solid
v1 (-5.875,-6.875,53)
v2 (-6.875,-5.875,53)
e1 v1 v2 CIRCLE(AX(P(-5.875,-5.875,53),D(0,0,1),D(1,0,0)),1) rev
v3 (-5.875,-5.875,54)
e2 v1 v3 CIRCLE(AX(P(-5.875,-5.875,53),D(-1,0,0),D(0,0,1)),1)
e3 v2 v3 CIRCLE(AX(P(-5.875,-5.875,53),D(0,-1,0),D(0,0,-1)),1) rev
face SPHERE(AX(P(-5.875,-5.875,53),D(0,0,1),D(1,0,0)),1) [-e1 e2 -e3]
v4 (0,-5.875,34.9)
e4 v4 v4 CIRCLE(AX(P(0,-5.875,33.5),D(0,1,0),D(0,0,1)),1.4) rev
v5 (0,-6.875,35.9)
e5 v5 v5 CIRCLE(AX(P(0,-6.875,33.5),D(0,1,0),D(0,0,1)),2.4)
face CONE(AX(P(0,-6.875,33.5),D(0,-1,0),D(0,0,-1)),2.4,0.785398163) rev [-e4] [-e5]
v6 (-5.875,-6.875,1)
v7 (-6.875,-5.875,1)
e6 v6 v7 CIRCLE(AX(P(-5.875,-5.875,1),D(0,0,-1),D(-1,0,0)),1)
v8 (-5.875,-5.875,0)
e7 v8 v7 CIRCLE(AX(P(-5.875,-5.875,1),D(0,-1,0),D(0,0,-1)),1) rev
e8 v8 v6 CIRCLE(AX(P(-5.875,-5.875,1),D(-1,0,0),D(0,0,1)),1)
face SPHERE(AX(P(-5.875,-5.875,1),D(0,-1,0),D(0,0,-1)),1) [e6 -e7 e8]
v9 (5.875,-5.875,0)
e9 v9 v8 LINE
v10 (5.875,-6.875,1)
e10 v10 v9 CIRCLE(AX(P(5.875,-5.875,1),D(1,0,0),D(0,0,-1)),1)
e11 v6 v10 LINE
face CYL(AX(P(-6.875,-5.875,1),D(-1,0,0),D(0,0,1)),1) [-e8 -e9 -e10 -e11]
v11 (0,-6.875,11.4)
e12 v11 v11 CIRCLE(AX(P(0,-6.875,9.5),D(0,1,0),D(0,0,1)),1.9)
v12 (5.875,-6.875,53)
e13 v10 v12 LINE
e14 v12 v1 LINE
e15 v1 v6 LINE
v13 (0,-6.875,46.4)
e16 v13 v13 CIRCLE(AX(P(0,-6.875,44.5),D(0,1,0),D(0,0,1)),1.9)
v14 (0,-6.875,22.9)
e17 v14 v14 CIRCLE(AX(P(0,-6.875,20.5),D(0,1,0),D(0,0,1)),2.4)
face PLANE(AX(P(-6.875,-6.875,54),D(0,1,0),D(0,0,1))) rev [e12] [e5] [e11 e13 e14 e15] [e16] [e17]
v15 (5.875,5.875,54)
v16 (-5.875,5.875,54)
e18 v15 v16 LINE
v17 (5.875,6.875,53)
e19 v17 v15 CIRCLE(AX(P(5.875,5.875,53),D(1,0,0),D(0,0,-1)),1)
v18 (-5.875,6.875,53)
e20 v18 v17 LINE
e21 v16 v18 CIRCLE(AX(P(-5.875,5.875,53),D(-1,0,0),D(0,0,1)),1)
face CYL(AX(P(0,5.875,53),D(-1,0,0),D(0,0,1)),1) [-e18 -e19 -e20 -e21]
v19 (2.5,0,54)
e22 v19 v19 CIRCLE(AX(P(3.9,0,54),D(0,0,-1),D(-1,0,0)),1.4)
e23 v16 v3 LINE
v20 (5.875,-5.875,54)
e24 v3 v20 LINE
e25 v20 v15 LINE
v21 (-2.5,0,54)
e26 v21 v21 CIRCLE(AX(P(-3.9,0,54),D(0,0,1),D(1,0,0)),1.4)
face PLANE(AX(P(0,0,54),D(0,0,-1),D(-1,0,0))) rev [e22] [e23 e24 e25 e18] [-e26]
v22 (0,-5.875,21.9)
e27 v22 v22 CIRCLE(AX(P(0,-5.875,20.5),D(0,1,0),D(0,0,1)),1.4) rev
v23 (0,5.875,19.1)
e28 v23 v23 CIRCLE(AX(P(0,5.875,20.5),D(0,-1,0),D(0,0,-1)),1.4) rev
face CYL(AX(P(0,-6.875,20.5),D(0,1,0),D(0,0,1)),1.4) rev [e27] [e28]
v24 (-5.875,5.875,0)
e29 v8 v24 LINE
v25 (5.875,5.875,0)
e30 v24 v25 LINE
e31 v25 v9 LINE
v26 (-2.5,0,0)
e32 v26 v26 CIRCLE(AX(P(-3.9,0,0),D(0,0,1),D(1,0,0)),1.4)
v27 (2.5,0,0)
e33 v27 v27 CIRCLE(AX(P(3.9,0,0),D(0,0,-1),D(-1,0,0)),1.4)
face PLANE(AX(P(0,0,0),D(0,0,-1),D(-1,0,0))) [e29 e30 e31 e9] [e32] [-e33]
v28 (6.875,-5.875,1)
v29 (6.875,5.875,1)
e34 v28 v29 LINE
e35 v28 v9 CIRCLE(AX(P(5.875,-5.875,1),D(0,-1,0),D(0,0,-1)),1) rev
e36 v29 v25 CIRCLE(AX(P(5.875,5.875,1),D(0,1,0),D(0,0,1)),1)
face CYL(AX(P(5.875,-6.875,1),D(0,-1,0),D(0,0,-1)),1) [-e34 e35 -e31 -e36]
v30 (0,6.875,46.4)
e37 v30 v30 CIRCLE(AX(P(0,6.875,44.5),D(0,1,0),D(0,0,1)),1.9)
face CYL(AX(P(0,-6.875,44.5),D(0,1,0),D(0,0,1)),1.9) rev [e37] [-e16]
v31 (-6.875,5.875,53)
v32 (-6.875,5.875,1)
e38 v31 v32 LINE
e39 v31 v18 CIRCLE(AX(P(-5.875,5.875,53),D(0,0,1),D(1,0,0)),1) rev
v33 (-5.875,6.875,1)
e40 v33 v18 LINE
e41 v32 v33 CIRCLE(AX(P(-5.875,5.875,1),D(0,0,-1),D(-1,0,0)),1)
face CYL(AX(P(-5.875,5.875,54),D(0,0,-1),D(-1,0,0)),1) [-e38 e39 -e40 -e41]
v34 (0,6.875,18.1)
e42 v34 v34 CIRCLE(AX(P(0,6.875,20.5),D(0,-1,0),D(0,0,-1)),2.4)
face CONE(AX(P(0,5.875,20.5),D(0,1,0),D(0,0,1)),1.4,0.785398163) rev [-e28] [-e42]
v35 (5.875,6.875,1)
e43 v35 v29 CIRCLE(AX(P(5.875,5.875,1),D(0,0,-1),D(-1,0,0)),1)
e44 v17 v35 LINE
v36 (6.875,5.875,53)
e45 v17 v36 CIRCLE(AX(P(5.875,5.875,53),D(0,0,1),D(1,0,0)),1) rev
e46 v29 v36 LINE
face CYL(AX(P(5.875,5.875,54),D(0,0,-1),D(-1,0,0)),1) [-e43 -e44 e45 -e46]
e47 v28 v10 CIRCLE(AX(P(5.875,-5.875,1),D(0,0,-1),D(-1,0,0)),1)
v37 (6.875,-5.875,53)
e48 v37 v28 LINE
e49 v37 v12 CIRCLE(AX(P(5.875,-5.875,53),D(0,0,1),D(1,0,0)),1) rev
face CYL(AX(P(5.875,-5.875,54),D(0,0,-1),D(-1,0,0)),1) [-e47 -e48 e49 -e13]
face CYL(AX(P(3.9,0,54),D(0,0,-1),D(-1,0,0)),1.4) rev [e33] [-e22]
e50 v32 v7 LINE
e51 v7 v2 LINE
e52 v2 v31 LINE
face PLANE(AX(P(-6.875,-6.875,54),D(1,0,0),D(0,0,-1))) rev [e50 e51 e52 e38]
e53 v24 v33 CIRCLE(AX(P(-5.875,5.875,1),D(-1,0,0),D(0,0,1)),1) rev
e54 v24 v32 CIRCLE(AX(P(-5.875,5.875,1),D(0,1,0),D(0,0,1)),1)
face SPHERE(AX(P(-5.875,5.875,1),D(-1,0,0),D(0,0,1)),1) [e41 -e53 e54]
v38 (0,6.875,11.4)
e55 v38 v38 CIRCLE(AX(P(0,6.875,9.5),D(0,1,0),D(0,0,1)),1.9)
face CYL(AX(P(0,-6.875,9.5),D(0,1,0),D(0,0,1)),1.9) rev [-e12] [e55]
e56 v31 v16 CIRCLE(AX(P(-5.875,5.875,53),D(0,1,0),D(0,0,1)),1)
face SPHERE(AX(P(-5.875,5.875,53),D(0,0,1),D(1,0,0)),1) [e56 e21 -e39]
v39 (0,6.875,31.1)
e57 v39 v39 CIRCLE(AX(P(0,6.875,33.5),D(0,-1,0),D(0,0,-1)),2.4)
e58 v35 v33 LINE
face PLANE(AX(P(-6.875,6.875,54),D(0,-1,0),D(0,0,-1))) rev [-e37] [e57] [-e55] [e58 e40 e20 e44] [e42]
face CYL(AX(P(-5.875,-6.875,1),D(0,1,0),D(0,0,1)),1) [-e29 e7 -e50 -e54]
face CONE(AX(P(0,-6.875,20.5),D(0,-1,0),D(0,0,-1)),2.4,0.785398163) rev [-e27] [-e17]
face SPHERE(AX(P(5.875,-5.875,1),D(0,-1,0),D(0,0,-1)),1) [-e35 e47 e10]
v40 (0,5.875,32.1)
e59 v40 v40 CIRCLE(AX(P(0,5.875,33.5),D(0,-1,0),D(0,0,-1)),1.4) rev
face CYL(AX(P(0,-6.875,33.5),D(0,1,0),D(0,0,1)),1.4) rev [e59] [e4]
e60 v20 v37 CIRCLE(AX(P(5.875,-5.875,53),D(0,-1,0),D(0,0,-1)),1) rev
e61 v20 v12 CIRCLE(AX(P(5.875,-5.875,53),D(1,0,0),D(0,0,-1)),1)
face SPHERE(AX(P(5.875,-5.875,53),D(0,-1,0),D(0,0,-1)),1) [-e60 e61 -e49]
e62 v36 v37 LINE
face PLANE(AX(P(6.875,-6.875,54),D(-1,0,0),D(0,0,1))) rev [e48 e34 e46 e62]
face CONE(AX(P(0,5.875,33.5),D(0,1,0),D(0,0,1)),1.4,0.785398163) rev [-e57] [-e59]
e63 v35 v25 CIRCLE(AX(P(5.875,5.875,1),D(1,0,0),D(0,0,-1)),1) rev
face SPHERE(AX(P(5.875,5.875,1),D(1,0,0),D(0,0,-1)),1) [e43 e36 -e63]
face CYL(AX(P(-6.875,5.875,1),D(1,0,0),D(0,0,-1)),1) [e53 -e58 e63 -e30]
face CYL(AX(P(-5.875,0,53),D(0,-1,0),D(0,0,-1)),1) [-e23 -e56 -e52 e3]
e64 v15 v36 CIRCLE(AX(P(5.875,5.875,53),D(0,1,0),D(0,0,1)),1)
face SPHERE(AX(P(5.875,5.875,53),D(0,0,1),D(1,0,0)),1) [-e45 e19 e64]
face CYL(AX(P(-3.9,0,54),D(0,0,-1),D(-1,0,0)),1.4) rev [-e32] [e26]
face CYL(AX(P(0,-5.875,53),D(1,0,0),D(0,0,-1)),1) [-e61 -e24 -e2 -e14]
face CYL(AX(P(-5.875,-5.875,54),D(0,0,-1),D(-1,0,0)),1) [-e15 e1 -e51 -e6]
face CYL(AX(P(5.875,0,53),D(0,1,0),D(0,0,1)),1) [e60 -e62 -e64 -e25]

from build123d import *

# Parameters (mm, degrees)
SKETCH1_W           = 13.75
SKETCH1_H           = 13.75
BOSS_EXTRUDE1_DEPTH = 54
SKETCH3_R           = 1.9
SKETCH3_R_2         = 1.4
CUT_EXTRUDE2_DEPTH  = 57.145597557
SKETCH9_R           = 1.4
CUT_EXTRUDE7_DEPTH  = 55.868308248
FILLET2_R           = 1
CHAMFER1_SIZE       = 1


with BuildPart() as part:
    # Sketch1 → Boss-Extrude1 (new body)
    with BuildSketch(Plane.XY):
        Rectangle(SKETCH1_W, SKETCH1_H)
    extrude(amount=BOSS_EXTRUDE1_DEPTH)

    # Sketch3 → Cut-Extrude2 (cut, through all)
    with BuildSketch(Plane(origin=(0, 6.875, 0), x_dir=(1, 0, 0), z_dir=(0, 1, 0))):
        with Locations((0, -9.5)):
            Circle(SKETCH3_R)
        with Locations((0, -44.5)):
            Circle(SKETCH3_R)
        with Locations((0, -20.5)):
            Circle(SKETCH3_R_2)
        with Locations((0, -33.5)):
            Circle(SKETCH3_R_2)
    extrude(amount=-CUT_EXTRUDE2_DEPTH, mode=Mode.SUBTRACT)

    # Sketch9 → Cut-Extrude7 (cut, through all)
    with BuildSketch(Plane(origin=(0, 0, 0), x_dir=(-1, 0, 0), z_dir=(0, 0, -1))):
        with Locations((-3.9, 0)):
            Circle(SKETCH9_R)
    cut_extrude7 = extrude(amount=-CUT_EXTRUDE7_DEPTH, mode=Mode.SUBTRACT)

    # Mirror5: Cut-Extrude7 across plane
    add(cut_extrude7.mirror(Plane(origin=(0, 0, 0), x_dir=(0, 0, 1), z_dir=(1, 0, 0))), mode=Mode.SUBTRACT)

    # Fillet2
    fillet2_edges = [part.edges().sort_by_distance(p)[0] for p in [
        (0, 6.875, 0),
        (-6.875, 0, 0),
        (0, -6.875, 0),
        (6.875, 0, 0),
        (6.875, 0, 54),
        (-6.875, 0, 54),
        (0, 6.875, 54),
        (6.875, -6.875, 27),
        (-6.875, -6.875, 27),
        (6.875, 6.875, 27),
        (-6.875, 6.875, 27),
        (0, -6.875, 54),
    ]]
    fillet(fillet2_edges, radius=FILLET2_R)

    # Chamfer1
    chamfer1_edges = [part.edges().sort_by_distance(p)[0] for p in [
        (-1.4, -6.875, 20.5),
        (-1.4, -6.875, 33.5),
        (-1.4, 6.875, 33.5),
        (-1.4, 6.875, 20.5),
    ]]
    chamfer(chamfer1_edges, length=CHAMFER1_SIZE)


solid = part.part
